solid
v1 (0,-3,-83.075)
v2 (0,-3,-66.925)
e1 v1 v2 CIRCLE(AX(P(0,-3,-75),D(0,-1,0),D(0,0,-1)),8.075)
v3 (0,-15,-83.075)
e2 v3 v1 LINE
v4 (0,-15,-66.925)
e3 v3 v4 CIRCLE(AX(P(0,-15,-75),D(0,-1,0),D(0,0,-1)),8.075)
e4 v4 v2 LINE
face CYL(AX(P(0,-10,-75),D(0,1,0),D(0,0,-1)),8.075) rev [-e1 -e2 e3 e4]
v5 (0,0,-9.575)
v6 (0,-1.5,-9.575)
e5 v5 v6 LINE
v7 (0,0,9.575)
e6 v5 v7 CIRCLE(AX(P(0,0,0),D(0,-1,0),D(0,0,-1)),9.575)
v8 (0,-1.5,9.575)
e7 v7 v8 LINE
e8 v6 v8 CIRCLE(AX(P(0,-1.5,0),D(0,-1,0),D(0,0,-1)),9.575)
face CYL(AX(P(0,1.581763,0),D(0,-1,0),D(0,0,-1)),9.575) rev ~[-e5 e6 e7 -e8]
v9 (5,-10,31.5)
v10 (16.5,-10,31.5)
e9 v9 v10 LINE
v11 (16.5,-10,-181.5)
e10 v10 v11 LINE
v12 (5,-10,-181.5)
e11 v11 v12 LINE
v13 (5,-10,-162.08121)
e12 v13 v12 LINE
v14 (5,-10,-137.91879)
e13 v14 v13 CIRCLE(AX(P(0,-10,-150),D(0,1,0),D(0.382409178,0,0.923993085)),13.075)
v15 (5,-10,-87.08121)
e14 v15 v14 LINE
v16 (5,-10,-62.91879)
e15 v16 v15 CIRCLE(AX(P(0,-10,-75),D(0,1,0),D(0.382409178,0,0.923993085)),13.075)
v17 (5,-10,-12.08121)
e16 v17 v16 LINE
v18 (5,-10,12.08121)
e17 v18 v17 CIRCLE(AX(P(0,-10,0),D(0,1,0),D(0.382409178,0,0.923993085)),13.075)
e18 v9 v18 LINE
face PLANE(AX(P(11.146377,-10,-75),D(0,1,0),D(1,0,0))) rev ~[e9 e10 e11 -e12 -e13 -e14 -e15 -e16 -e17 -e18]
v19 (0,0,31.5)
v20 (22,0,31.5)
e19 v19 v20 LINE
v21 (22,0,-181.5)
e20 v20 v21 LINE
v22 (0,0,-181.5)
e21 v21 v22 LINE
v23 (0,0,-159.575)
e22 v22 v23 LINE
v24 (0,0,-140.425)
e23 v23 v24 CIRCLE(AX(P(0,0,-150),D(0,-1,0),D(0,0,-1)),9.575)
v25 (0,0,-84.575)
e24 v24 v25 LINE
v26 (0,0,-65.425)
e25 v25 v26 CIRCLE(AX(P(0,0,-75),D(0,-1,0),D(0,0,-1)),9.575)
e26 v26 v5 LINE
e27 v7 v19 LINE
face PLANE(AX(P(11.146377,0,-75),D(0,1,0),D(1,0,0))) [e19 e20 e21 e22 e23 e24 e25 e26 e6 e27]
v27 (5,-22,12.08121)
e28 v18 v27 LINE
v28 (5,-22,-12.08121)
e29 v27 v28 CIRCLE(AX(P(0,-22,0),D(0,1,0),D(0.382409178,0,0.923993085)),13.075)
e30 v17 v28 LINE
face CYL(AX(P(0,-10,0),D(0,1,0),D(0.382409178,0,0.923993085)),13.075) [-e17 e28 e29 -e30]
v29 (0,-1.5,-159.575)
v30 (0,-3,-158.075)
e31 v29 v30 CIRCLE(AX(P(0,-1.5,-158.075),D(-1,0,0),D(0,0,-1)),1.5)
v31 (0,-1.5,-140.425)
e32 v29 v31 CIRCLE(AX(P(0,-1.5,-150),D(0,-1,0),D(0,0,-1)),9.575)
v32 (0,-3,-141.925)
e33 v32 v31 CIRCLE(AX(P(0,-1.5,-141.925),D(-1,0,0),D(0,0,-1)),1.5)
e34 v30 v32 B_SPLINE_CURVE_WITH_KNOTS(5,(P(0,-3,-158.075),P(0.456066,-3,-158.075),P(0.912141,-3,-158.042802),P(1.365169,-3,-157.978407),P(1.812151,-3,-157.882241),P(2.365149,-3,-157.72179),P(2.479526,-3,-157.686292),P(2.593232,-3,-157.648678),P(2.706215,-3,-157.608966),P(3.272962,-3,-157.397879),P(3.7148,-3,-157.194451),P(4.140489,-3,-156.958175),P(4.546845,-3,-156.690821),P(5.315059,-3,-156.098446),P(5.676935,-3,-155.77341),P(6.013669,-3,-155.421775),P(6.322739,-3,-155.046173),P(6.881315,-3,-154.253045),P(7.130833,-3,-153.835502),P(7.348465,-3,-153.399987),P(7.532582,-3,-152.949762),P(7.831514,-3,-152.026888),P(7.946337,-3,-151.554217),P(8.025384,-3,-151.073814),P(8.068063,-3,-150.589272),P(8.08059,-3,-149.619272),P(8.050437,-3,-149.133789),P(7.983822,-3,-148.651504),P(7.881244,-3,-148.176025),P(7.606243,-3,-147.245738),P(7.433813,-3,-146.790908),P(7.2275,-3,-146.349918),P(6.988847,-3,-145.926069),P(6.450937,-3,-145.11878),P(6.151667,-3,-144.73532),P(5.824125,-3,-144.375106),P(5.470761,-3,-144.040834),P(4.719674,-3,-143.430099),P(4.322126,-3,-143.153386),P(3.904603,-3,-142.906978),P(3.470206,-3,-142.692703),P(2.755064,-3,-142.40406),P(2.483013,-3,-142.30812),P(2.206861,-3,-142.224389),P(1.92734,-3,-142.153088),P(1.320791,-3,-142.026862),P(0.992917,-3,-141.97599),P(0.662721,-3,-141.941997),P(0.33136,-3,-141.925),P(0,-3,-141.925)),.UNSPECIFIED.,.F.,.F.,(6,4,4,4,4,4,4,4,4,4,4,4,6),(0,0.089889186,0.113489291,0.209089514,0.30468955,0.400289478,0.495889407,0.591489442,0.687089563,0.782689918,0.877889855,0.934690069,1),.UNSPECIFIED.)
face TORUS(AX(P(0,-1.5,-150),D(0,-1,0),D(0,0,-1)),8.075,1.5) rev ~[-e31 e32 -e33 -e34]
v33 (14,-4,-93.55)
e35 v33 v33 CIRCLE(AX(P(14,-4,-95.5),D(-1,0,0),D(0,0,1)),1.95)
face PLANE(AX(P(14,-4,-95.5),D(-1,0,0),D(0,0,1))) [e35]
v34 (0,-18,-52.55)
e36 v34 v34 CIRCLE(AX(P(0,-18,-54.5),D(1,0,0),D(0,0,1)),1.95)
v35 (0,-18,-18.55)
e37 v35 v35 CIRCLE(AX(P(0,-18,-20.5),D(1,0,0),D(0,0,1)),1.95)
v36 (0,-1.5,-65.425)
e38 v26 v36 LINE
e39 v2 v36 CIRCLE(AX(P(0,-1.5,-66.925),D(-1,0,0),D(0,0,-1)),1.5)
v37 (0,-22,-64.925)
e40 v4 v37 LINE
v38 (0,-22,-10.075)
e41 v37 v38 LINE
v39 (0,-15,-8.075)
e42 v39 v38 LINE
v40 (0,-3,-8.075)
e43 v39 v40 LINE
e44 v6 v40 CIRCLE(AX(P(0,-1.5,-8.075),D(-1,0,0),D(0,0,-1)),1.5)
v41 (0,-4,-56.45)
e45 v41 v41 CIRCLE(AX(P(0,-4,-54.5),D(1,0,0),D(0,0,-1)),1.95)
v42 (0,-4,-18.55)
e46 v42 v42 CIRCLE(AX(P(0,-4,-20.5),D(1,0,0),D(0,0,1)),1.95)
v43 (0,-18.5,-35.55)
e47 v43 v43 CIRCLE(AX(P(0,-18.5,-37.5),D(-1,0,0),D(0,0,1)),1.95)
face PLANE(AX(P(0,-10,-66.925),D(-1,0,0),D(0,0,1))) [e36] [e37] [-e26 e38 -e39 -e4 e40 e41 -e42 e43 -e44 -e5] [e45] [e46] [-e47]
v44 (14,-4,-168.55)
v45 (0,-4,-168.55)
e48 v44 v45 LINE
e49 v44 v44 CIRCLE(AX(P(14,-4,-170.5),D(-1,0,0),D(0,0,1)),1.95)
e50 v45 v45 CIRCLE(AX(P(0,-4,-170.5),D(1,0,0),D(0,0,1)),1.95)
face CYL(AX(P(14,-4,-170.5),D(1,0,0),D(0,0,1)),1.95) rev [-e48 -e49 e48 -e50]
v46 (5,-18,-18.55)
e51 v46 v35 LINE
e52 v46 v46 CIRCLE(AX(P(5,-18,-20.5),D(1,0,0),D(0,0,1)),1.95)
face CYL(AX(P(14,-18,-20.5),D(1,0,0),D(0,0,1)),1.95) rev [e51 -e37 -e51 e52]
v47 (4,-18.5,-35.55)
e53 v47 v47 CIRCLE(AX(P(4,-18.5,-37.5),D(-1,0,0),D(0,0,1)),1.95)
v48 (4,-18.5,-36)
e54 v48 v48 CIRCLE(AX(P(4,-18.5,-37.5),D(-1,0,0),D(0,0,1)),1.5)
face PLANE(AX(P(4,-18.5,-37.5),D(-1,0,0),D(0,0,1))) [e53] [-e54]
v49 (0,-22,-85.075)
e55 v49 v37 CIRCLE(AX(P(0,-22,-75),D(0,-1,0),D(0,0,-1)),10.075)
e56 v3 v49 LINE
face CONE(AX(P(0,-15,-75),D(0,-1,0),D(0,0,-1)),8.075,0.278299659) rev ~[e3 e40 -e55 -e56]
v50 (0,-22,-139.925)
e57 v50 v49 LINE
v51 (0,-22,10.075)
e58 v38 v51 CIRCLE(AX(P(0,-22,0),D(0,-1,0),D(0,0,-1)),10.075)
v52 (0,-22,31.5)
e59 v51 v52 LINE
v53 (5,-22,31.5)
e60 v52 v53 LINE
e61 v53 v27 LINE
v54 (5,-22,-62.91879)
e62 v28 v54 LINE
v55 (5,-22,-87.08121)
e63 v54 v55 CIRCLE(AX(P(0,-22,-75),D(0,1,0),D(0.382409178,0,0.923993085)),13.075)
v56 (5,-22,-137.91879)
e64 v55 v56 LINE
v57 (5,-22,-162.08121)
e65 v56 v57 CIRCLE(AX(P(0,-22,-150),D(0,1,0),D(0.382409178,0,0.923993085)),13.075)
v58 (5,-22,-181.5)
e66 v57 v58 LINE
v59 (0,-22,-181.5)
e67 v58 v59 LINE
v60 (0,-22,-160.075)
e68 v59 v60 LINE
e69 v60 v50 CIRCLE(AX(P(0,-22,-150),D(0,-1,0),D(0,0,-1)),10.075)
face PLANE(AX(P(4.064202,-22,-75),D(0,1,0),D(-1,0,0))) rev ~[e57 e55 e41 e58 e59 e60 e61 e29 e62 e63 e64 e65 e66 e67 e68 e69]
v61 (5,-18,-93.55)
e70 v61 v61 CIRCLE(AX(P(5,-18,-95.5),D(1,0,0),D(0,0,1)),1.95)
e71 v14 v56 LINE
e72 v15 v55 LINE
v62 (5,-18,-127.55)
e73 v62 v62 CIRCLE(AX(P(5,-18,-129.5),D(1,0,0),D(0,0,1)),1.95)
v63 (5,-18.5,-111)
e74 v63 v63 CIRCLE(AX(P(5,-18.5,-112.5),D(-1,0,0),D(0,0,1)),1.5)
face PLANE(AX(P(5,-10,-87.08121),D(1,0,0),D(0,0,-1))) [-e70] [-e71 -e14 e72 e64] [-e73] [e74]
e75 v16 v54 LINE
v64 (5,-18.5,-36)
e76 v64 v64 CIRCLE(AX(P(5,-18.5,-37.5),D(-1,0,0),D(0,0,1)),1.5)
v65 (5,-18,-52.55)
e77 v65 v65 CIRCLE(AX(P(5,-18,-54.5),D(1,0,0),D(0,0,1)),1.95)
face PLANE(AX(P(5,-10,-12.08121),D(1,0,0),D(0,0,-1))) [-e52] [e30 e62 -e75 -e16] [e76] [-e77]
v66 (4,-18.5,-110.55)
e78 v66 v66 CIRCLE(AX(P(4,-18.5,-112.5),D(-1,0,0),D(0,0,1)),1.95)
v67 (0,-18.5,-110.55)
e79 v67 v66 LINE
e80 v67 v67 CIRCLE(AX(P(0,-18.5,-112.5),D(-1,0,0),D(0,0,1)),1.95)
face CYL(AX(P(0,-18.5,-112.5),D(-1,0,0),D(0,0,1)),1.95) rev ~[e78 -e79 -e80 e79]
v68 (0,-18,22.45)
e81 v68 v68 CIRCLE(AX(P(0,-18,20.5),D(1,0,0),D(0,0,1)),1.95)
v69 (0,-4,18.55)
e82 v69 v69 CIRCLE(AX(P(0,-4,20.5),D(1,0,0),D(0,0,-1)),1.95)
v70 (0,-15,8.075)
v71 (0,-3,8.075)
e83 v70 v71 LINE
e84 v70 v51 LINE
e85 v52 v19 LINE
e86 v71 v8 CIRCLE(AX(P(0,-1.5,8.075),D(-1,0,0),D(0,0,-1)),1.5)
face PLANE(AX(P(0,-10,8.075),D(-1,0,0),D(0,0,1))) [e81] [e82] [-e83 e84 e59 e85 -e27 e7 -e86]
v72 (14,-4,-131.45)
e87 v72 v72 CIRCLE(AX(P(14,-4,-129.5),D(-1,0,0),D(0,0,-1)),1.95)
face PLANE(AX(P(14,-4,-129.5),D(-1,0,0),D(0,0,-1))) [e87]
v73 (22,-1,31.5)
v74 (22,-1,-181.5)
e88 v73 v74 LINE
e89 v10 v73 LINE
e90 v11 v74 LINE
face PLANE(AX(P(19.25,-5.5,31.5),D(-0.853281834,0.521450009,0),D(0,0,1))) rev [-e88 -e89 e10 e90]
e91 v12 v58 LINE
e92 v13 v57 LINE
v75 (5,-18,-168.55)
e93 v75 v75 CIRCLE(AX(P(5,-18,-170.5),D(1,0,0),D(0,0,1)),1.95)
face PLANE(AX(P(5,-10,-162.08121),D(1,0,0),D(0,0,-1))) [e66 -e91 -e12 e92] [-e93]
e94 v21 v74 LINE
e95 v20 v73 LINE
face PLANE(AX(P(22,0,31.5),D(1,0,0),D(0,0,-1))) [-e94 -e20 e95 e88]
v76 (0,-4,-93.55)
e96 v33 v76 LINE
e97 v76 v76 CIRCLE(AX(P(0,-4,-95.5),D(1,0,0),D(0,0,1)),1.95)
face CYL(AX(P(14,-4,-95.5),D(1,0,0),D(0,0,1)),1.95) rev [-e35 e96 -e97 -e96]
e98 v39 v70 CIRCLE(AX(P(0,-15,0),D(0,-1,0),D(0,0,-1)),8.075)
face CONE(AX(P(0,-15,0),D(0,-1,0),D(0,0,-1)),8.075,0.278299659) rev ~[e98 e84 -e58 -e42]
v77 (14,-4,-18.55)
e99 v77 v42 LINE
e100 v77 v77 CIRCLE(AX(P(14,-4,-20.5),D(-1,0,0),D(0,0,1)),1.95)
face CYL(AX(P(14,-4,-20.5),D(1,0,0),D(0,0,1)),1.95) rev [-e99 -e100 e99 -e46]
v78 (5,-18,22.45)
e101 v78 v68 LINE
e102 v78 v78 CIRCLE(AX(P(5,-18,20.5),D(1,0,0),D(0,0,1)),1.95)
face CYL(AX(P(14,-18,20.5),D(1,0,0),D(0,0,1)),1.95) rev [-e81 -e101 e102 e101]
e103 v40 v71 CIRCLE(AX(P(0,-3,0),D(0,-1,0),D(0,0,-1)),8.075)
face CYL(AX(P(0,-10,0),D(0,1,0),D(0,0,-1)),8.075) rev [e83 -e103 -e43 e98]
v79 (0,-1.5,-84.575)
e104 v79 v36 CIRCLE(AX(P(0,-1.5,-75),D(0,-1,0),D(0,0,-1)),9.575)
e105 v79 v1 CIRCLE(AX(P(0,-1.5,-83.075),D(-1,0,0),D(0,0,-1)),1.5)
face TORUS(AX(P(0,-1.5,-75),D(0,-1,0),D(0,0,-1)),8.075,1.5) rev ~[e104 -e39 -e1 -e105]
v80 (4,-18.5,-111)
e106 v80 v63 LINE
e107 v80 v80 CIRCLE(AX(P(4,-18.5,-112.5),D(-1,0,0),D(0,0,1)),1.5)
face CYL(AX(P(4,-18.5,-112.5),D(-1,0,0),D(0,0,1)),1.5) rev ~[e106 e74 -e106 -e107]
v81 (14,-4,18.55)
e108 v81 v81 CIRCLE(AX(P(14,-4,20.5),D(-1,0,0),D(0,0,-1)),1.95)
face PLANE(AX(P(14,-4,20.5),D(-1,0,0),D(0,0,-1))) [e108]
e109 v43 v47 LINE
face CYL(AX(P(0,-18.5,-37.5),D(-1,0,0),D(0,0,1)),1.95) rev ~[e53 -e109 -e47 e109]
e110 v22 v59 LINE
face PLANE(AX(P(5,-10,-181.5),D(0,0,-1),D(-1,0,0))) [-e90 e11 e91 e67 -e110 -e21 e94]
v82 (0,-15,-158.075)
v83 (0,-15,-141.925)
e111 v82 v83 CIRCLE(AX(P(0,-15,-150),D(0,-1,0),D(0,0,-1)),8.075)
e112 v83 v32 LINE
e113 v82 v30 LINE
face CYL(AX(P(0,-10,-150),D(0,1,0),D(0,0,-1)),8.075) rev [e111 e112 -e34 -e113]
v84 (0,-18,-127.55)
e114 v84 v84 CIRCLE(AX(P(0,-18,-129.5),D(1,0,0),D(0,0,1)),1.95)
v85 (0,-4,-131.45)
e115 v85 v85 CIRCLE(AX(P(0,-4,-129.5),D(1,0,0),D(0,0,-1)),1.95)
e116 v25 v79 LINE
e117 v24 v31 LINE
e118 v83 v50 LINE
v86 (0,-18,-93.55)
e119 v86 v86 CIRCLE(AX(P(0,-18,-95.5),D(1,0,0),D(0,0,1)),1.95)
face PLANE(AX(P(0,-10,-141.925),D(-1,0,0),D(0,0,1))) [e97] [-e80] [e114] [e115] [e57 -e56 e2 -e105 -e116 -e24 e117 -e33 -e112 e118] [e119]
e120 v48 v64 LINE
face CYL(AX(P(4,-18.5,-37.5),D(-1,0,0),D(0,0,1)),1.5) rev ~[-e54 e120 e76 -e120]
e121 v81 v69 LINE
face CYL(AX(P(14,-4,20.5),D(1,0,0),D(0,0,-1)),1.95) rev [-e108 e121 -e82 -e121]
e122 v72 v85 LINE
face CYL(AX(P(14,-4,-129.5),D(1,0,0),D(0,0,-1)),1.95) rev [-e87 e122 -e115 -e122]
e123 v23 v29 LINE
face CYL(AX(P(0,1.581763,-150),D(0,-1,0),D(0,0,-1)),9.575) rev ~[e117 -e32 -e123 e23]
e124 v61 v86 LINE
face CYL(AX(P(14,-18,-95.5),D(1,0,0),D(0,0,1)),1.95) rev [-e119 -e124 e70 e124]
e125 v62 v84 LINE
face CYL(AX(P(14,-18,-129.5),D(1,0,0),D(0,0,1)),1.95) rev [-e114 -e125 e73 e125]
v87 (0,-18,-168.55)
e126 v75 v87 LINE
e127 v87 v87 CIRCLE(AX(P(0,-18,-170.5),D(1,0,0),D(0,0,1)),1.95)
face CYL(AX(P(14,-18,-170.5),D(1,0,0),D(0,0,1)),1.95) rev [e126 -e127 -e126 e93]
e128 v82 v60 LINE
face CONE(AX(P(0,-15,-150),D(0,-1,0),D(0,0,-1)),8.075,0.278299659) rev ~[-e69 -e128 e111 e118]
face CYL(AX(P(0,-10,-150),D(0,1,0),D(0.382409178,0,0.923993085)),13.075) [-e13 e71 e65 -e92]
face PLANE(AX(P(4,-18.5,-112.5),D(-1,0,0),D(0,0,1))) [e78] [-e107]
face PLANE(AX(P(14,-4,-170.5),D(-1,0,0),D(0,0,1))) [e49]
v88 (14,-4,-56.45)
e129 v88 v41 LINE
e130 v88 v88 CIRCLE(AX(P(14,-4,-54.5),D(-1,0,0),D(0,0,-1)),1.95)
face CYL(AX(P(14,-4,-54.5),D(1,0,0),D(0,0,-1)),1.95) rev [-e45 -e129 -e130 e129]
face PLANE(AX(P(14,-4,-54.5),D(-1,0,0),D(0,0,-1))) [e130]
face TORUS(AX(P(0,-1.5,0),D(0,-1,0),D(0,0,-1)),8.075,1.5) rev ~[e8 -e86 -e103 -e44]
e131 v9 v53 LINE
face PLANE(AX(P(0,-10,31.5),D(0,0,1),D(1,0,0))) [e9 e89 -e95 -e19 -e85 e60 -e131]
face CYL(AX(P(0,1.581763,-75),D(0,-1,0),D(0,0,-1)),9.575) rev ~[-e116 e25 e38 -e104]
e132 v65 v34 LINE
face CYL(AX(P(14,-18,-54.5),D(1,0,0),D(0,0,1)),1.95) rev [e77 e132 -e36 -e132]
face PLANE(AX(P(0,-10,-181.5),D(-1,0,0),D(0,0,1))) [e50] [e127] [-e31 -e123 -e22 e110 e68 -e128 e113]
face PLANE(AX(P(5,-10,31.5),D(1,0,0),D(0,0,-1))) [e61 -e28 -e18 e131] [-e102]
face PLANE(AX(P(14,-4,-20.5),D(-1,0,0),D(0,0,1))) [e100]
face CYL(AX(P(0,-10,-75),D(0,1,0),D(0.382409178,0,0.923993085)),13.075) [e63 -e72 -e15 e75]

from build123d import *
from OCP.BRepFilletAPI import BRepFilletAPI_MakeChamfer

# Parameters (mm, degrees)
BOSS_EXTRUDE1_DEPTH     = 10
BOSS_EXTRUDE2_DEPTH     = 12
CUT_EXTRUDE3_DEPTH      = 6
CUT_EXTRUDE3_DEPTH_BACK = 14
SKETCH7_R               = 1.95
SKETCH8_R               = 1.95
CUT_EXTRUDE4_DEPTH      = 4
SKETCH9_R               = 1.5
CUT_EXTRUDE5_DEPTH      = 4
LPATTERN1_COUNT         = 2
LPATTERN1_PITCH         = 75
CHAMFER2_SIZE           = 5.5
CHAMFER2_SIZE2          = 9
CHAMFER3_SIZE           = 7
CHAMFER3_SIZE2          = 2
LPATTERN2_COUNT         = 3
LPATTERN2_PITCH         = 75


with BuildPart() as part:
    # Sketch1 → Boss-Extrude1 (new body)
    with BuildSketch(Plane(origin=(0, 0, 0), x_dir=(1, 0, 0), z_dir=(0, 1, 0))):
        with BuildLine():
            Line((0, -8.075), (0, -31.5))
            Line((0, -31.5), (22, -31.5))
            Line((22, -31.5), (22, 181.5))
            Line((22, 181.5), (0, 181.5))
            Line((0, 181.5), (0, 158.075))
            ThreePointArc((0, 158.075), (8.075, 150), (0, 141.925))
            Line((0, 141.925), (0, 83.075))
            ThreePointArc((0, 83.075), (8.075, 75), (0, 66.925))
            Line((0, 66.925), (0, 8.075))
            ThreePointArc((0, 8.075), (8.075, 0), (0, -8.075))
        make_face()
    extrude(amount=-BOSS_EXTRUDE1_DEPTH)

    # Sketch3 → Boss-Extrude2 (add)
    with BuildSketch(Plane.XZ.offset(10)):
        with BuildLine():
            Line((0, -181.5), (0, -158.075))
            ThreePointArc((0, -158.075), (8.075, -150), (0, -141.925))
            Line((0, -141.925), (0, -83.075))
            ThreePointArc((0, -83.075), (8.075, -75), (0, -66.925))
            Line((0, -66.925), (0, -8.075))
            ThreePointArc((0, -8.075), (8.075, 0), (0, 8.075))
            Line((0, 8.075), (0, 31.5))
            Line((0, 31.5), (5, 31.5))
            Line((5, 31.5), (5, 12.081209583))
            ThreePointArc((5, 12.081209583), (13.075, 0), (5, -12.081209583))
            Line((5, -12.081209583), (5, -62.918790417))
            ThreePointArc((5, -62.918790417), (13.075, -75), (5, -87.081209583))
            Line((5, -87.081209583), (5, -137.918790417))
            ThreePointArc((5, -137.918790417), (13.075, -150), (5, -162.081209583))
            Line((5, -162.081209583), (5, -181.5))
            Line((5, -181.5), (0, -181.5))
        make_face()
    extrude(amount=BOSS_EXTRUDE2_DEPTH)

    # Sketch7 → Cut-Extrude3 (cut, two sides: drawn at the far end of the back side and taken through both)
    with BuildSketch(Plane.ZY.offset(-CUT_EXTRUDE3_DEPTH_BACK)):
        with Locations((-170.5, -4)):
            Circle(SKETCH7_R)
        with Locations((-170.5, -18)):
            Circle(SKETCH7_R)
        with Locations(Location((-129.5, -4, 0), (0, 0, 180))):
            Circle(SKETCH7_R)
        with Locations((-129.5, -18)):
            Circle(SKETCH7_R)
        with Locations((-95.5, -4)):
            Circle(SKETCH7_R)
        with Locations(Location((-54.5, -4, 0), (0, 0, 180))):
            Circle(SKETCH7_R)
        with Locations((-54.5, -18)):
            Circle(SKETCH7_R)
        with Locations((-95.5, -18)):
            Circle(SKETCH7_R)
        with Locations((-20.5, -4)):
            Circle(SKETCH7_R)
        with Locations(Location((20.5, -4, 0), (0, 0, 180))):
            Circle(SKETCH7_R)
        with Locations((20.5, -18)):
            Circle(SKETCH7_R)
        with Locations((-20.5, -18)):
            Circle(SKETCH7_R)
    extrude(amount=CUT_EXTRUDE3_DEPTH + CUT_EXTRUDE3_DEPTH_BACK, mode=Mode.SUBTRACT)

    # Sketch8 → Cut-Extrude4 (cut)
    with BuildSketch(Plane.ZY):
        with Locations((-112.5, -18.5)):
            Circle(SKETCH8_R)
    cut_extrude4 = extrude(amount=-CUT_EXTRUDE4_DEPTH, mode=Mode.SUBTRACT)

    # Sketch9 → Cut-Extrude5 (cut)
    with BuildSketch(Plane.ZY.offset(-4)):
        with Locations((-112.5, -18.5)):
            Circle(SKETCH9_R)
    cut_extrude5 = extrude(amount=-CUT_EXTRUDE5_DEPTH, mode=Mode.SUBTRACT)

    # LPattern1: Cut-Extrude4, Cut-Extrude5 ×2
    with Locations(*[(0, 0, i * LPATTERN1_PITCH) for i in range(1, LPATTERN1_COUNT)]):
        add(cut_extrude4, mode=Mode.SUBTRACT)
        add(cut_extrude5, mode=Mode.SUBTRACT)

    # Chamfer2
    chamfer2_edges = [part.edges().sort_by_distance(p)[0] for p in [
        (22, -10, -75),
    ]]
    chamfer2_side = [part.faces().sort_by_distance(p)[0] for p in [
        (14.183508734, -10, -75),
    ]]
    chamfer(chamfer2_edges, length=CHAMFER2_SIZE, length2=CHAMFER2_SIZE2, reference=chamfer2_side[0])

    # Chamfer3: one chamfer whose edges measure the first distance from different faces: ONE call of the kernel's chamfer builder (chamfer() names one face for all edges)
    chamfer3_edges_1 = [part.edges().sort_by_distance(p)[0] for p in [
        (8.075, -22, 0),
    ]]
    chamfer3_side_1 = [part.faces().sort_by_distance(p)[0] for p in [
        (8.075, -11, 0),
    ]]
    chamfer3_edges_2 = [part.edges().sort_by_distance(p)[0] for p in [
        (8.075, -22, -75),
    ]]
    chamfer3_side_2 = [part.faces().sort_by_distance(p)[0] for p in [
        (8.075, -11, -75),
    ]]
    chamfer3_edges_3 = [part.edges().sort_by_distance(p)[0] for p in [
        (8.075, -22, -150),
    ]]
    chamfer3_side_3 = [part.faces().sort_by_distance(p)[0] for p in [
        (8.075, -11, -150),
    ]]
    chamfer3 = BRepFilletAPI_MakeChamfer(part.part.solid().wrapped)
    for e in chamfer3_edges_1:
        chamfer3.Add(CHAMFER3_SIZE, CHAMFER3_SIZE2, e.wrapped, chamfer3_side_1[0].wrapped)  # the first distance lies on this face
    for e in chamfer3_edges_2:
        chamfer3.Add(CHAMFER3_SIZE, CHAMFER3_SIZE2, e.wrapped, chamfer3_side_2[0].wrapped)  # the first distance lies on this face
    for e in chamfer3_edges_3:
        chamfer3.Add(CHAMFER3_SIZE, CHAMFER3_SIZE2, e.wrapped, chamfer3_side_3[0].wrapped)  # the first distance lies on this face
    add(Compound.cast(chamfer3.Shape()), mode=Mode.REPLACE)

    # Sketch10 → Cut-Revolve1 (revolve, cut)
    with BuildSketch(Plane.ZY):
        with BuildLine():
            Line((-159.575, 1.581763394), (-159.575, -1.5))
            ThreePointArc((-159.575, -1.5), (-157.014339828, -2.560660172), (-158.075, 0))
            Line((-158.075, 0), (-159.575, 1.581763394))
        make_face()
    cut_revolve1 = revolve(axis=Axis((0, 2.197765982, -150), (0, -1, 0)), mode=Mode.SUBTRACT)

    # LPattern2: Cut-Revolve1 ×3
    with Locations(*[(0, 0, i * LPATTERN2_PITCH) for i in range(1, LPATTERN2_COUNT)]):
        add(cut_revolve1, mode=Mode.SUBTRACT)


solid = part.part
